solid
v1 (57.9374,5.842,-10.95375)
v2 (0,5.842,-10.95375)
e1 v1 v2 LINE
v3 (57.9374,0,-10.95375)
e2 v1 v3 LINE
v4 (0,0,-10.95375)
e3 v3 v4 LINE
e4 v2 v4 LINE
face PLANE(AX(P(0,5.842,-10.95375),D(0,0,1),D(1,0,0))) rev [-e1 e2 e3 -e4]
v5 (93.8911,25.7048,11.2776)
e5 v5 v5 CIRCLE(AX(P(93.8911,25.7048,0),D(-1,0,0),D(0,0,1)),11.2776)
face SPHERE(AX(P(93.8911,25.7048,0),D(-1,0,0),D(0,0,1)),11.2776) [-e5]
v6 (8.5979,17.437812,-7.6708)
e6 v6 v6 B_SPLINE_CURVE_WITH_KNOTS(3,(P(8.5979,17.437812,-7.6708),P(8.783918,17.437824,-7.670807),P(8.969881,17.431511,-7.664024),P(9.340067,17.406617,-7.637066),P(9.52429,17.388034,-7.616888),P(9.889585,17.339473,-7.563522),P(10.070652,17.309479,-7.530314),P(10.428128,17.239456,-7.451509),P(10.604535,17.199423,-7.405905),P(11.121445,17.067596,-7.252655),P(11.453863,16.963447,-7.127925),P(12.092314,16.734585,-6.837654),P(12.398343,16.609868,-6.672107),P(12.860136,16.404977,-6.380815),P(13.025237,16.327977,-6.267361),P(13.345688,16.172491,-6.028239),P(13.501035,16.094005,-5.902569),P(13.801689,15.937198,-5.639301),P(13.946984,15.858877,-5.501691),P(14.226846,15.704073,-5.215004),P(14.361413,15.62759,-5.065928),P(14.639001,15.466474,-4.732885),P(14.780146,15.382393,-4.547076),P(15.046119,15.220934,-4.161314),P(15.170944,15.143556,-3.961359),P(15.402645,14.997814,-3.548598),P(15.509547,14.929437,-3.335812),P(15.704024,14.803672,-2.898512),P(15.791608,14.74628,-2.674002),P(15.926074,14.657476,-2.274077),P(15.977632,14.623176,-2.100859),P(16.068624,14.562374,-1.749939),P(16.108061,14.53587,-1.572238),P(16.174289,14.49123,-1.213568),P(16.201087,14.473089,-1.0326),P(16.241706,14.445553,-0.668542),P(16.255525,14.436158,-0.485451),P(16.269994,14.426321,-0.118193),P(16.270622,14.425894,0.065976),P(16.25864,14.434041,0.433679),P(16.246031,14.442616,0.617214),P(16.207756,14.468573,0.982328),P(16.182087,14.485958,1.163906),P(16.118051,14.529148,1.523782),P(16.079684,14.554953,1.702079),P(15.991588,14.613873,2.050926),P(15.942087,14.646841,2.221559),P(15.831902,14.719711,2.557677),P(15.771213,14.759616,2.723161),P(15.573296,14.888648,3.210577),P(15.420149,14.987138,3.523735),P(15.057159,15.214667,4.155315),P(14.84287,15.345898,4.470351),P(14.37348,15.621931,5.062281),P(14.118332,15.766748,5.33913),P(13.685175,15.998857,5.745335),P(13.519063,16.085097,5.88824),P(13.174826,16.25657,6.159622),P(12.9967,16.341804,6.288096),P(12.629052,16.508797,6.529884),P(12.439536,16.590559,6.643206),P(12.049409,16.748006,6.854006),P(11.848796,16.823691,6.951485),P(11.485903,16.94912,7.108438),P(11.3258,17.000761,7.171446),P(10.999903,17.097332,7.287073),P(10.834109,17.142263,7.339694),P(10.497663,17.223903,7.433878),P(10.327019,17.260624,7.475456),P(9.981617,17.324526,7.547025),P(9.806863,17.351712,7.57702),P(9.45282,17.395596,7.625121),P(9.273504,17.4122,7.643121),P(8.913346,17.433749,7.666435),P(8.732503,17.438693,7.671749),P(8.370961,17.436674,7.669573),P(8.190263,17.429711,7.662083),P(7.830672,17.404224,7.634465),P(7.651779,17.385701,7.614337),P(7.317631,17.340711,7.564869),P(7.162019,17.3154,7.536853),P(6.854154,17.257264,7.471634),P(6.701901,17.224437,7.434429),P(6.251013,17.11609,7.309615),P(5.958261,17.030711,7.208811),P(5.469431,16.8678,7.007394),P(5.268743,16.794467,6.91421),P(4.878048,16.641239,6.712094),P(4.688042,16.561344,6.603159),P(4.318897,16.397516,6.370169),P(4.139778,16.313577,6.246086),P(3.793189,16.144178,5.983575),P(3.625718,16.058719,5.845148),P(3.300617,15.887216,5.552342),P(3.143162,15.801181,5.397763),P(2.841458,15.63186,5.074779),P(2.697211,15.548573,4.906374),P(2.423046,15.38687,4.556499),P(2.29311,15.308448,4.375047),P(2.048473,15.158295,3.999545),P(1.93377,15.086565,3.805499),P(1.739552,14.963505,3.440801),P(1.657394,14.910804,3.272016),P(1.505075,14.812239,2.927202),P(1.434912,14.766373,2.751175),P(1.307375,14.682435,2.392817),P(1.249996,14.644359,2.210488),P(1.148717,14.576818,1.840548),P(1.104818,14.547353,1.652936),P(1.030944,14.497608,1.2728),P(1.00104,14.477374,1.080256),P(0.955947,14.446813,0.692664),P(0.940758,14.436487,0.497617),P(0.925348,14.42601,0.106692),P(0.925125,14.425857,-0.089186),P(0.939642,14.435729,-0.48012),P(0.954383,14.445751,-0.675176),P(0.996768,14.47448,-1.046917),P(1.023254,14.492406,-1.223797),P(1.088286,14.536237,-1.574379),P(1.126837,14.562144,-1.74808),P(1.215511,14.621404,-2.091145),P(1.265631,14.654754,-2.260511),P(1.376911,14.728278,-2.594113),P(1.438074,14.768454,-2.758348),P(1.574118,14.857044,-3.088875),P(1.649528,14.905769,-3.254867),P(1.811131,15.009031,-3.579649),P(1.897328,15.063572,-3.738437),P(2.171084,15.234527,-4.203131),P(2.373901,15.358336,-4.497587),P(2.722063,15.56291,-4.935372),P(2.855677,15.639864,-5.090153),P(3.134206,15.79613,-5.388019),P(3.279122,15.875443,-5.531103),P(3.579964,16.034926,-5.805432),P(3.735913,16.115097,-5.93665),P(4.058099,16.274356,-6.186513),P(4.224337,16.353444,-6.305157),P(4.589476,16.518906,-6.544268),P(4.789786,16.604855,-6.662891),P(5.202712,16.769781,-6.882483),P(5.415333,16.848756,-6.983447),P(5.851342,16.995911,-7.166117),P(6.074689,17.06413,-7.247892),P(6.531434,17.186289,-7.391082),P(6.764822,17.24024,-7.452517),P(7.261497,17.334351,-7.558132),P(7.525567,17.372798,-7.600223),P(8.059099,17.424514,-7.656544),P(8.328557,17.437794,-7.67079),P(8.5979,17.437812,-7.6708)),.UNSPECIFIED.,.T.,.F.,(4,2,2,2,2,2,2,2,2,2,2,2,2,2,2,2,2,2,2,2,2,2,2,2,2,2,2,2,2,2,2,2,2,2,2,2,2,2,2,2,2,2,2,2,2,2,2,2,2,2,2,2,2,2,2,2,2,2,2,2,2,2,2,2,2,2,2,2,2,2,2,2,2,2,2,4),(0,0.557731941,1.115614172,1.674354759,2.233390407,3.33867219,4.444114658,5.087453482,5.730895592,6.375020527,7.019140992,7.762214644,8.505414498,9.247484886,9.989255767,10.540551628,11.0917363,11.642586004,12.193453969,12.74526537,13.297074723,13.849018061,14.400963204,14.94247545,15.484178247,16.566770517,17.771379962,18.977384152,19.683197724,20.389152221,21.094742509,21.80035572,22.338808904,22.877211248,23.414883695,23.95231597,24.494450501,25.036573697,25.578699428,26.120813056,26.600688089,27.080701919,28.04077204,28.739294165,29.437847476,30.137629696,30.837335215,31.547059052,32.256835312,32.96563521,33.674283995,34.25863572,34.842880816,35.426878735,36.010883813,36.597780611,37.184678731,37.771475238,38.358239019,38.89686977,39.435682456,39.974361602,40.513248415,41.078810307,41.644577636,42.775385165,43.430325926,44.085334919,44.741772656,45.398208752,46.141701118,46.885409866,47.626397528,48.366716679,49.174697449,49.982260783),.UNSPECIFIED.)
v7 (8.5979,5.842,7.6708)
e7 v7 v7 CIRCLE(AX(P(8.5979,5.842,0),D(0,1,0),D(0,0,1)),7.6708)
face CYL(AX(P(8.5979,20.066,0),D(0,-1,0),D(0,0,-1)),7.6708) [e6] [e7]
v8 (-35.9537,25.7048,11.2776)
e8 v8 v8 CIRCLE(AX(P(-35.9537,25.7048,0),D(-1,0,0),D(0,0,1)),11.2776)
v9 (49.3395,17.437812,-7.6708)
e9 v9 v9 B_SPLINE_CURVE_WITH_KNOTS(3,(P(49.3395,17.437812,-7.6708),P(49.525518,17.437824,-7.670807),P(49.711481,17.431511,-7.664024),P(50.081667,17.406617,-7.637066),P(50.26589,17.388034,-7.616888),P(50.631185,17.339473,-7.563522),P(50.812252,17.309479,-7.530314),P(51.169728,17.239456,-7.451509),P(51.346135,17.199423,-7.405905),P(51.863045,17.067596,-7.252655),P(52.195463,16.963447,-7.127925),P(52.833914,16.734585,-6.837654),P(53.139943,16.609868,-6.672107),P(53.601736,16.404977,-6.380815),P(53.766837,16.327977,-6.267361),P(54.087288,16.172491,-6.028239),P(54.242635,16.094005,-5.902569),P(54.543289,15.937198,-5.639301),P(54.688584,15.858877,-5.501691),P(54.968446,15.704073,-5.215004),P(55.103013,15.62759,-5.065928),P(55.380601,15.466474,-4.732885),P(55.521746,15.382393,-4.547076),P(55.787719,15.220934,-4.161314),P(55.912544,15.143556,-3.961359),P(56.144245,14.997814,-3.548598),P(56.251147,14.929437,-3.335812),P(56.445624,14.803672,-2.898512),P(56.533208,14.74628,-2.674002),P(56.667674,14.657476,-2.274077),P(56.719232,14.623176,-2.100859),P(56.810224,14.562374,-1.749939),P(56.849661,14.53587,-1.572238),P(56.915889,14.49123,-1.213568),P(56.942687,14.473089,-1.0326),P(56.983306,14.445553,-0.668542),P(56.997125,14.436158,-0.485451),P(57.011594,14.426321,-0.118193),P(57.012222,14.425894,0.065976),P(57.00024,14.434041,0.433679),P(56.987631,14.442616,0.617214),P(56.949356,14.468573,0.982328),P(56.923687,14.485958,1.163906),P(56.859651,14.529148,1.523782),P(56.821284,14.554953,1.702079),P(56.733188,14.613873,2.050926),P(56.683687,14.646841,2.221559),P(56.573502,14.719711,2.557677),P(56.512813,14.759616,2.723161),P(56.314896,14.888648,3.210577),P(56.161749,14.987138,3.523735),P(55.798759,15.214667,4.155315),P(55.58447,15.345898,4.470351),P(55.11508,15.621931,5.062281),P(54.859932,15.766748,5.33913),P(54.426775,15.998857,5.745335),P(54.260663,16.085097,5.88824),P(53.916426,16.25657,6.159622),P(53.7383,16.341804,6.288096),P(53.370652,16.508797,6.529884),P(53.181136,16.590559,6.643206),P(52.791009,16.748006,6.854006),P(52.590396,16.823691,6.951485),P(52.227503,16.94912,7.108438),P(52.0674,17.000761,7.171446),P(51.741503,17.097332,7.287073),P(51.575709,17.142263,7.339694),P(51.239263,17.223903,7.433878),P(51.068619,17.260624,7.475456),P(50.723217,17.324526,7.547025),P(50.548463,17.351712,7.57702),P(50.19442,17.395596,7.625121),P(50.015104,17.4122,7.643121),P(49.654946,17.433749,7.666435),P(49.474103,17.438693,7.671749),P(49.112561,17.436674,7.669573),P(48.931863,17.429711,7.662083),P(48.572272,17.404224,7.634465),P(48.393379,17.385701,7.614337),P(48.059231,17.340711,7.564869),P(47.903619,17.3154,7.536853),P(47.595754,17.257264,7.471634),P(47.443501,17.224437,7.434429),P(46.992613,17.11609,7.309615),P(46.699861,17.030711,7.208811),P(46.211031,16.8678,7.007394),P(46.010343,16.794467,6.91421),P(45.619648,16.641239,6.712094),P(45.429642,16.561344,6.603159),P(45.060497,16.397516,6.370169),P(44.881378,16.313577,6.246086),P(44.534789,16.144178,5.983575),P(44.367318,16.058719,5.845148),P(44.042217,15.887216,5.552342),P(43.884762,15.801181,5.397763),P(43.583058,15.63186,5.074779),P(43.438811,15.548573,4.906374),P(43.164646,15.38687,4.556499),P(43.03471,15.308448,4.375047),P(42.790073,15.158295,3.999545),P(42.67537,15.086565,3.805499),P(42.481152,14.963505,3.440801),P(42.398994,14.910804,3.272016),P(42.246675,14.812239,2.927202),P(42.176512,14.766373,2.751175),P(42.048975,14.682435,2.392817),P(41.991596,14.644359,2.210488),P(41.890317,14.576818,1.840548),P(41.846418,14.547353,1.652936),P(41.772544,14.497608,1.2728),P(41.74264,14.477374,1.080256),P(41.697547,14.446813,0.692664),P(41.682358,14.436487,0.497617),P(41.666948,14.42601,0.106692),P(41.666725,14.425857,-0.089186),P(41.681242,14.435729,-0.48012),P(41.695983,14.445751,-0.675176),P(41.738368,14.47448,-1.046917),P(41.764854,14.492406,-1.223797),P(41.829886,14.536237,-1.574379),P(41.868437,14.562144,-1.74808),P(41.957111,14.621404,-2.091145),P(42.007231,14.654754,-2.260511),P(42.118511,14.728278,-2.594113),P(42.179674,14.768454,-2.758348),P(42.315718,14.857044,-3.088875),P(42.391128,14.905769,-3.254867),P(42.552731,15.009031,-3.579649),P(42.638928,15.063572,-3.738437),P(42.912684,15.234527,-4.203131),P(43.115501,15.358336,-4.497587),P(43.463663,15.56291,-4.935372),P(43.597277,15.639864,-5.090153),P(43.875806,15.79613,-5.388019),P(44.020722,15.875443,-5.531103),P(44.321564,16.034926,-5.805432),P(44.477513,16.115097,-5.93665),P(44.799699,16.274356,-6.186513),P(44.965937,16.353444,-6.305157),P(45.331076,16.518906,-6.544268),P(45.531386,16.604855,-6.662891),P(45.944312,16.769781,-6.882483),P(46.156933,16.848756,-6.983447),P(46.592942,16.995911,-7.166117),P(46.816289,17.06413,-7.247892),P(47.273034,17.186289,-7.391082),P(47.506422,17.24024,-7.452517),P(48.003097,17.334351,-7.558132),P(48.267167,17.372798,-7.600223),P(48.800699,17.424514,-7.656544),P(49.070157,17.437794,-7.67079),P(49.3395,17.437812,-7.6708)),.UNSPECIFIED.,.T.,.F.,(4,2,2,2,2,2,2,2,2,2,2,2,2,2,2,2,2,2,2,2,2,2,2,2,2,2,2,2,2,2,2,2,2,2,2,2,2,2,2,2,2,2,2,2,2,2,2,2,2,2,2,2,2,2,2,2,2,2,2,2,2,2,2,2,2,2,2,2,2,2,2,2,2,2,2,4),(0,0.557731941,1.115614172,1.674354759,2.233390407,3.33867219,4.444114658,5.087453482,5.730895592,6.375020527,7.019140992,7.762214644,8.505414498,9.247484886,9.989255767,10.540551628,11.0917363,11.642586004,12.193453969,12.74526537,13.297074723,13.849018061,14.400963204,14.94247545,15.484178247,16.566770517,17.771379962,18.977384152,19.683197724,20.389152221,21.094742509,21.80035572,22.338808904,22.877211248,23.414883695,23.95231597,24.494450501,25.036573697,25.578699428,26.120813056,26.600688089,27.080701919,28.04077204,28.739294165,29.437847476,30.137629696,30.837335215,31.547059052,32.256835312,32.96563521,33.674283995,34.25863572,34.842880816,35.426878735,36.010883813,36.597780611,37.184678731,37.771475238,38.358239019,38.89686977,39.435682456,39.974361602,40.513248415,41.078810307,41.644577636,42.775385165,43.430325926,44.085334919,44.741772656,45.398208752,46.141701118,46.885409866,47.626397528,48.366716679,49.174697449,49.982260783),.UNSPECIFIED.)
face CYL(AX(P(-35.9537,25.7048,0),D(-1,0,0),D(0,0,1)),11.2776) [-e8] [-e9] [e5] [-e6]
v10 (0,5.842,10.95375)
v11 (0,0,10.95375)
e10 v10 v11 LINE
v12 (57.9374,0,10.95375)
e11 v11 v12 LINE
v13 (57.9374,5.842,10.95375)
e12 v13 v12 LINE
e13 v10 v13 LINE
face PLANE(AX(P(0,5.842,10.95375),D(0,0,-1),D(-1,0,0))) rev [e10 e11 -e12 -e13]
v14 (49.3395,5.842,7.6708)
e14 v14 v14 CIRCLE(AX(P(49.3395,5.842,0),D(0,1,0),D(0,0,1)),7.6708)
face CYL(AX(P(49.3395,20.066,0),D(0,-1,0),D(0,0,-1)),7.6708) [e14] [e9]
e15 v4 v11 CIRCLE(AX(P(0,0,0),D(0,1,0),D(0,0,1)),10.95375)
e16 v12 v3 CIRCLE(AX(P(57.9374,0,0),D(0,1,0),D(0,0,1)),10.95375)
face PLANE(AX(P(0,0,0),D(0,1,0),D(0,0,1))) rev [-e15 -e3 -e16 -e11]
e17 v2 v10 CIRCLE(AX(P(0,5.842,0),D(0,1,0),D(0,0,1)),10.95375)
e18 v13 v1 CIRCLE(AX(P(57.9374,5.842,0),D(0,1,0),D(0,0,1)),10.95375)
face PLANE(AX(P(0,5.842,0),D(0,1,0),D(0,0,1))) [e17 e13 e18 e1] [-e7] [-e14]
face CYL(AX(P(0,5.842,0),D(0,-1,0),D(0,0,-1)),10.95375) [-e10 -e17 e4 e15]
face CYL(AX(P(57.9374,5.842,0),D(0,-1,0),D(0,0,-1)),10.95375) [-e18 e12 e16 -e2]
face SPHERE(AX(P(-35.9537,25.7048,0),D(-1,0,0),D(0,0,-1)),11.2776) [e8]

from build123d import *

# Parameters (mm, degrees)
BOSS_EXTRUDE1_DEPTH = 5.842
SKETCH2_R           = 7.6708
BOSS_EXTRUDE2_DEPTH = 14.224


with BuildPart() as part:
    # Sketch1 → Boss-Extrude1 (new body)
    with BuildSketch(Plane(origin=(0, 0, 0), x_dir=(1, 0, 0), z_dir=(0, 1, 0))):
        with BuildLine():
            Line((0, 10.95375), (57.9374, 10.95375))
            ThreePointArc((57.9374, 10.95375), (68.89115, 0), (57.9374, -10.95375))
            Line((57.9374, -10.95375), (0, -10.95375))
            ThreePointArc((0, -10.95375), (-10.95375, 0), (0, 10.95375))
        make_face()
    extrude(amount=BOSS_EXTRUDE1_DEPTH)

    # Sketch2 → Boss-Extrude2 (add)
    with BuildSketch(Plane(origin=(0, 5.842, 0), x_dir=(1, 0, 0), z_dir=(0, 1, 0))):
        with Locations((8.5979, 0)):
            Circle(SKETCH2_R)
        with Locations((49.3395, 0)):
            Circle(SKETCH2_R)
    extrude(amount=BOSS_EXTRUDE2_DEPTH)

    # Sketch3 → Revolve6 (revolve)
    with BuildSketch(Plane(origin=(0, 25.7048, 0), x_dir=(1, 0, 0), z_dir=(0, 1, 0))):
        with BuildLine():
            Line((-35.9537, -11.2776), (93.8911, -11.2776))
            ThreePointArc((93.8911, -11.2776), (101.865567436, -7.974467436), (105.1687, 0))
            Line((105.1687, 0), (-47.2313, 0))
            ThreePointArc((-47.2313, 0), (-43.928167436, -7.974467436), (-35.9537, -11.2776))
        make_face()
    revolve(axis=Axis((-35.9537, 25.7048, 0), (1, 0, 0)))


solid = part.part
